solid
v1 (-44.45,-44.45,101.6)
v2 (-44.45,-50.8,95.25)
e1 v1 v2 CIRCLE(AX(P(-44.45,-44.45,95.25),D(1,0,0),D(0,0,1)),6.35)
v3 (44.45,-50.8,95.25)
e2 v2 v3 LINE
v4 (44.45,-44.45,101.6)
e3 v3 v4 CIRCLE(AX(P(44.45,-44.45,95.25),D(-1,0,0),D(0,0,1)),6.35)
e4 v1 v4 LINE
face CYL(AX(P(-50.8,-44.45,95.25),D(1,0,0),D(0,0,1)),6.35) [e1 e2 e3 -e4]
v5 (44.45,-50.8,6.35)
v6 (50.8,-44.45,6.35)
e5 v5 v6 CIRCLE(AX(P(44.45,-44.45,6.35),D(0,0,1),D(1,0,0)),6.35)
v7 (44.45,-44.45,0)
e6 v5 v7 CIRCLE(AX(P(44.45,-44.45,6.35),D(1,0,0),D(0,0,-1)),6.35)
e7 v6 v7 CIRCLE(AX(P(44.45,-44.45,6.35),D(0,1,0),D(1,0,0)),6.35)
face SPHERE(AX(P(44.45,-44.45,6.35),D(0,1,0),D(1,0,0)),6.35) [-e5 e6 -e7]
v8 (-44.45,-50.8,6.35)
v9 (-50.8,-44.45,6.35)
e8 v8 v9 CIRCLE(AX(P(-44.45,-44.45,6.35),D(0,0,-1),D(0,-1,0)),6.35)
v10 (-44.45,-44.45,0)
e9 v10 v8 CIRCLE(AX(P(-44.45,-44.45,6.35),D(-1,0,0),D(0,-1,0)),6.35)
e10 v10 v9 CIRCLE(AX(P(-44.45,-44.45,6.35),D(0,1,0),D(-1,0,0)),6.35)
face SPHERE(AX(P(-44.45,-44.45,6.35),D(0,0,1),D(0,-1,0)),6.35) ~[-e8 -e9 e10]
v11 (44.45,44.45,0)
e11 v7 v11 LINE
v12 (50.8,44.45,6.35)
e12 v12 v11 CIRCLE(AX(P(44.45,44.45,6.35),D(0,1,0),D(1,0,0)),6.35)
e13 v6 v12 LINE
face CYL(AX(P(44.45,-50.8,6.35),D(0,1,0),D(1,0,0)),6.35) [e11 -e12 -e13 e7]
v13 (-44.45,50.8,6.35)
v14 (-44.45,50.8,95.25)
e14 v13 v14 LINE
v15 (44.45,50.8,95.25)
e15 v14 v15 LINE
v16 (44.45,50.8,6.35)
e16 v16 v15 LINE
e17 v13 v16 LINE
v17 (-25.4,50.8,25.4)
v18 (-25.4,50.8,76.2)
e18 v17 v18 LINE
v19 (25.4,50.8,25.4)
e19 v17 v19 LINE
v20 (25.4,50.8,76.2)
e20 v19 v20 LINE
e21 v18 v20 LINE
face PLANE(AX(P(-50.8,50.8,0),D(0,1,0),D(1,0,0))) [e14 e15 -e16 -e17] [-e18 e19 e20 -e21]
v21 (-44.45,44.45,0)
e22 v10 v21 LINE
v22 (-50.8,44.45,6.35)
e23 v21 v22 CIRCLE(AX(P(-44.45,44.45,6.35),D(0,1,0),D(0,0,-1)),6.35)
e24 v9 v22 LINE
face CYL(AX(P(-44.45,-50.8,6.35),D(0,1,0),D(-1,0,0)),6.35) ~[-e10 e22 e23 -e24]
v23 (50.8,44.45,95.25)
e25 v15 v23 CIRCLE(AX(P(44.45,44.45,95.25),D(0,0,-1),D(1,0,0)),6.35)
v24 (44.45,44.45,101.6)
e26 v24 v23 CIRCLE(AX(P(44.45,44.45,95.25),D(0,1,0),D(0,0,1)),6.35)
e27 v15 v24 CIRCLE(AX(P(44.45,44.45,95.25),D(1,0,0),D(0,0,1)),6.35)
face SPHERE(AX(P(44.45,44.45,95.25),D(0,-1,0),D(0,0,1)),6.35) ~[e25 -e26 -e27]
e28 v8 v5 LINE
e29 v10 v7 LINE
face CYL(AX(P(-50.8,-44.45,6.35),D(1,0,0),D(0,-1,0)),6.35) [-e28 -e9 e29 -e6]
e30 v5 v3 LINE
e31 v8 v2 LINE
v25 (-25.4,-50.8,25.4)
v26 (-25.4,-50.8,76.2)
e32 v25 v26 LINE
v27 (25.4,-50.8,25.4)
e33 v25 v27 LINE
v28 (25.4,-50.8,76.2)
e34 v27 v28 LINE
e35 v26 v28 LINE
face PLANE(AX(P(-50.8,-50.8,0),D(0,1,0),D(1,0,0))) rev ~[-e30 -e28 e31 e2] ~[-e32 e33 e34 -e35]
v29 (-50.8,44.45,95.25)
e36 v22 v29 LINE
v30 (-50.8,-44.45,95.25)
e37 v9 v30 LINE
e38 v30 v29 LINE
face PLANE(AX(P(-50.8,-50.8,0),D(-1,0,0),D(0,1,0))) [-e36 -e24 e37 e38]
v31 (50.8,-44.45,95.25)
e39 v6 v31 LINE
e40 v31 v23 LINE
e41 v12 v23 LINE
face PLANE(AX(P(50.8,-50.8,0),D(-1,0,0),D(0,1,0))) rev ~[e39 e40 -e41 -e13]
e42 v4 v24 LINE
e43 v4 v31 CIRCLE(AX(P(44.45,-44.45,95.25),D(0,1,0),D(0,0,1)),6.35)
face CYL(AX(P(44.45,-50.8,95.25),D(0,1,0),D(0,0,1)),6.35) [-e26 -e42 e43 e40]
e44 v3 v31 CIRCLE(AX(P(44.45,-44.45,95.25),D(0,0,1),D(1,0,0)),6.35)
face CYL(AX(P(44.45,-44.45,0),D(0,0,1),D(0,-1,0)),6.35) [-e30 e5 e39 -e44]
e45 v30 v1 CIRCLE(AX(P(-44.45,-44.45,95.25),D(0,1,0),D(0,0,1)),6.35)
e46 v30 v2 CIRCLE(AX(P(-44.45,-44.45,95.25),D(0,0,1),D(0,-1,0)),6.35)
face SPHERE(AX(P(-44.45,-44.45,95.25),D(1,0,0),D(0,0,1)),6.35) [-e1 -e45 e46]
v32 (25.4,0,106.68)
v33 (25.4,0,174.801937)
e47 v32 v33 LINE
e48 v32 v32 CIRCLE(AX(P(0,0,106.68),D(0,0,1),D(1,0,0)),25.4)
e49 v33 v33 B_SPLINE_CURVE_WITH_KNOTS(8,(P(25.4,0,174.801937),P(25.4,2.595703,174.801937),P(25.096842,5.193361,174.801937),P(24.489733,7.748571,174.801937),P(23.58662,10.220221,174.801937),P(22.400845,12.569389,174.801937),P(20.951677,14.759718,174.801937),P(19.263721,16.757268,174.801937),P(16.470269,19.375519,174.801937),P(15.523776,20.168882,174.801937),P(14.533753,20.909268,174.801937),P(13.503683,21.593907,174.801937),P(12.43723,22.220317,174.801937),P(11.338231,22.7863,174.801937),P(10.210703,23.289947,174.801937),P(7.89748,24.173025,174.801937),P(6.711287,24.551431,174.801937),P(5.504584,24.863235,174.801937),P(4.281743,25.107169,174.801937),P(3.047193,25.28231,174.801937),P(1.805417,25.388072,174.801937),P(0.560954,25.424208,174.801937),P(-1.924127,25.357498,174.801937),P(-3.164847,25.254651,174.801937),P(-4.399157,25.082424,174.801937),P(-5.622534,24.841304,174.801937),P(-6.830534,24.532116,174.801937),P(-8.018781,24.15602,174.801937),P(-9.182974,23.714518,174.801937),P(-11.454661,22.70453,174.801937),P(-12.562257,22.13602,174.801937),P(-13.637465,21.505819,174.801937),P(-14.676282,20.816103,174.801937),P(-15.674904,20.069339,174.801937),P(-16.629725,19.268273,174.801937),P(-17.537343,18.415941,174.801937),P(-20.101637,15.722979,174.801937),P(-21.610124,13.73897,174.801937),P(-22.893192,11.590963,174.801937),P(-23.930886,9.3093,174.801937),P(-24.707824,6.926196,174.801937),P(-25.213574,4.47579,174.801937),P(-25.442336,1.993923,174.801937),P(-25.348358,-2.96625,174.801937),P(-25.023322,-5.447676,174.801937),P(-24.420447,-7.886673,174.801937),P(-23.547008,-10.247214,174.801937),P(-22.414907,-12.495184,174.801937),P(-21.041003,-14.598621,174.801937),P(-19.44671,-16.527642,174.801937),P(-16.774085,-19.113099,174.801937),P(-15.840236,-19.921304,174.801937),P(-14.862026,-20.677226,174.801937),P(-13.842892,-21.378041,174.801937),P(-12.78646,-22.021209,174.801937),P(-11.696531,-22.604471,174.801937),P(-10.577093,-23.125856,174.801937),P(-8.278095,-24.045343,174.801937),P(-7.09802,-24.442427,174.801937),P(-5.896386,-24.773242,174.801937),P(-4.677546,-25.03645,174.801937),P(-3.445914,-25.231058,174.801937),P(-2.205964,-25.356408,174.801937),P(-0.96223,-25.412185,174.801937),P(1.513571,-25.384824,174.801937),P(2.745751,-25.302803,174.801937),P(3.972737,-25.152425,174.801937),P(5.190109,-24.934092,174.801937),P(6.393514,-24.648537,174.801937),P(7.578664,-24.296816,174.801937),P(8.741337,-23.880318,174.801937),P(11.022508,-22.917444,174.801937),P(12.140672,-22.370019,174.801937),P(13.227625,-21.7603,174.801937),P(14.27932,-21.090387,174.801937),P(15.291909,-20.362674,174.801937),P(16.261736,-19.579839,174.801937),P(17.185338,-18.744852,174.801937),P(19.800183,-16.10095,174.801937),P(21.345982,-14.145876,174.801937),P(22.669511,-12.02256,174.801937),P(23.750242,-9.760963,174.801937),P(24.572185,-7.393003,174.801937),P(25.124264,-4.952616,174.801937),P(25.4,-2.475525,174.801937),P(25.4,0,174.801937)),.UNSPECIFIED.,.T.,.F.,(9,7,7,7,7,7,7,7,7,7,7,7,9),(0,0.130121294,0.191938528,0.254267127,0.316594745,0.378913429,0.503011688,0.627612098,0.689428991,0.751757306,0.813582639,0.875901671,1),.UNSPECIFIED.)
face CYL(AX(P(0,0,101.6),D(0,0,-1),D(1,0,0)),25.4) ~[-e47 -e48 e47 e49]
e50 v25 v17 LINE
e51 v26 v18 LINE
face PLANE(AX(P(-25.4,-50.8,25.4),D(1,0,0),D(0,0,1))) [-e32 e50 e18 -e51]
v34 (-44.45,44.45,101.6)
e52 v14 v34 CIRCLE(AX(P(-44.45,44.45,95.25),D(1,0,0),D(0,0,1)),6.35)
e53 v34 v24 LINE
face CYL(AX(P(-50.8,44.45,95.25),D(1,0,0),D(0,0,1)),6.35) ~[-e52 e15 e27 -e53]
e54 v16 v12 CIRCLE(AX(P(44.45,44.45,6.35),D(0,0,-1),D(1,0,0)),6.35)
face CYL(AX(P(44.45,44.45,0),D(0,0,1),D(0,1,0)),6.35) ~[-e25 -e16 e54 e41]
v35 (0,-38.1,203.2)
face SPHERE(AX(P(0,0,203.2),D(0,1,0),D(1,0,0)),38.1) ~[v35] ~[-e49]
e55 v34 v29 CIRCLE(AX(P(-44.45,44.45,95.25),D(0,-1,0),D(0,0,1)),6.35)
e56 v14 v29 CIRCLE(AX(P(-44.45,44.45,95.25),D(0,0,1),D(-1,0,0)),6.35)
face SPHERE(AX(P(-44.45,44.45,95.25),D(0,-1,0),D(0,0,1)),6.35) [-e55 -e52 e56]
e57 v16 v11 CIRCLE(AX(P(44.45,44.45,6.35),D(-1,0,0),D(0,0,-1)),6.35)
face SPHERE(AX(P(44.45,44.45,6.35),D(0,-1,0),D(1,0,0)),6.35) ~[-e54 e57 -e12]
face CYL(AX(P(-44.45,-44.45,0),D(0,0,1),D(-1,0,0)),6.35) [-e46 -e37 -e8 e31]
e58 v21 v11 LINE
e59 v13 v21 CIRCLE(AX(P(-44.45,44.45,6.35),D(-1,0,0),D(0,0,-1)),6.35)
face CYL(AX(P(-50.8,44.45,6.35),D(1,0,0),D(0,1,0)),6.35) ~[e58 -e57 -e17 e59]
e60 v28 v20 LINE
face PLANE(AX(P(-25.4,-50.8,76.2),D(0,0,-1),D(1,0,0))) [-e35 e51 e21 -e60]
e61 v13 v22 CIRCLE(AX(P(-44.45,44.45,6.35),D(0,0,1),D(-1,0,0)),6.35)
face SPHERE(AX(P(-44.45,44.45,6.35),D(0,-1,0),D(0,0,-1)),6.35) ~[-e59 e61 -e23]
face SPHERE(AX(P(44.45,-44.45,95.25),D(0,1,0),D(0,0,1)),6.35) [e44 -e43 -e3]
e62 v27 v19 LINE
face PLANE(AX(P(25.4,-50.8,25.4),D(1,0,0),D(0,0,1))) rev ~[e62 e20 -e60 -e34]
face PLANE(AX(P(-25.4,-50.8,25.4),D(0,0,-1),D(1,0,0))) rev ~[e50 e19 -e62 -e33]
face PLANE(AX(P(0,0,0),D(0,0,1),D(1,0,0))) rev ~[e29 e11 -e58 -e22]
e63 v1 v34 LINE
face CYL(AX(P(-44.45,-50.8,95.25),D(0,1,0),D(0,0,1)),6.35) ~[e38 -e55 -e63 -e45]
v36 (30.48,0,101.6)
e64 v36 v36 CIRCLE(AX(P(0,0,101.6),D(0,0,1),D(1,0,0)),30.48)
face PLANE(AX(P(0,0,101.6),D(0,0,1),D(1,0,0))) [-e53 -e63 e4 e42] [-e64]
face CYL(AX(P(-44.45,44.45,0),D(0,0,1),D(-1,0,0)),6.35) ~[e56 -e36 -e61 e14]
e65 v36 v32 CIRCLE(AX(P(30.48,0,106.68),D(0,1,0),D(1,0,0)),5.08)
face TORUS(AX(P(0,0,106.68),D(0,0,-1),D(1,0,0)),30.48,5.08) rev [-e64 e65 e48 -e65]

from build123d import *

# Parameters (mm, degrees)
F0_W     = 101.6
F0_H     = 101.6
F1_DEPTH = 101.6
F2_R     = 25.4
F3_DEPTH = 101.6
F6_W     = 50.8
F6_H     = 50.8
F7_DEPTH = 101.6
F8_R     = 6.35
F9_R     = 5.08


with BuildPart() as f1:
    # F0 (on Top) → F1 (new body)
    with BuildSketch(Plane.XY):
        Rectangle(F0_W, F0_H)
    extrude(amount=F1_DEPTH)

    # F2 (on face) → F3 (join)
    with BuildSketch(Plane.XY.offset(101.6)):
        Circle(F2_R)
    extrude(amount=F3_DEPTH)

    # F4 (on face) → F5 (revolve)
    with BuildSketch(Plane.XY.offset(203.2)):
        with BuildLine():
            Line((0, -25.4), (0, -38.1))
            ThreePointArc((0, -38.1), (38.1, 0), (0, 38.1))
            Line((0, 38.1), (0, 25.4))
            ThreePointArc((0, 25.4), (17.9605122421, 17.9605122421), (25.4, 0))
            ThreePointArc((25.4, 0), (17.9605122421, -17.9605122421), (0, -25.4))
        make_face()
        with BuildLine():
            Line((0, 25.4), (0, -25.4))
            ThreePointArc((0, -25.4), (17.9605122421, -17.9605122421), (25.4, 0))
            ThreePointArc((25.4, 0), (17.9605122421, 17.9605122421), (0, 25.4))
        make_face()
    revolve(axis=Axis((0, 0, 203.2), (0, -1, 0)))

    # F6 (on face) → F7 (cut)
    with BuildSketch(Plane.XZ.offset(50.8)):
        with Locations((0, 50.8)):
            Rectangle(F6_W, F6_H)
    extrude(amount=-F7_DEPTH, mode=Mode.SUBTRACT)

    # F8
    f8_edges = [f1.edges().sort_by_distance(p)[0] for p in [
        (50.8, 0, 101.6),
        (0, -50.8, 101.6),
        (-50.8, 0, 101.6),
        (0, 50.8, 101.6),
        (50.8, 0, 0),
        (50.8, 50.8, 50.8),
        (50.8, -50.8, 50.8),
        (-50.8, -50.8, 50.8),
        (0, -50.8, 0),
        (-50.8, 0, 0),
        (0, 50.8, 0),
        (-50.8, 50.8, 50.8),
    ]]
    fillet(f8_edges, radius=F8_R)

    # F9
    f9_edges = [f1.edges().sort_by_distance(p)[0] for p in [
        (-25.4, 0, 101.6),
    ]]
    fillet(f9_edges, radius=F9_R)


solid = f1.part
